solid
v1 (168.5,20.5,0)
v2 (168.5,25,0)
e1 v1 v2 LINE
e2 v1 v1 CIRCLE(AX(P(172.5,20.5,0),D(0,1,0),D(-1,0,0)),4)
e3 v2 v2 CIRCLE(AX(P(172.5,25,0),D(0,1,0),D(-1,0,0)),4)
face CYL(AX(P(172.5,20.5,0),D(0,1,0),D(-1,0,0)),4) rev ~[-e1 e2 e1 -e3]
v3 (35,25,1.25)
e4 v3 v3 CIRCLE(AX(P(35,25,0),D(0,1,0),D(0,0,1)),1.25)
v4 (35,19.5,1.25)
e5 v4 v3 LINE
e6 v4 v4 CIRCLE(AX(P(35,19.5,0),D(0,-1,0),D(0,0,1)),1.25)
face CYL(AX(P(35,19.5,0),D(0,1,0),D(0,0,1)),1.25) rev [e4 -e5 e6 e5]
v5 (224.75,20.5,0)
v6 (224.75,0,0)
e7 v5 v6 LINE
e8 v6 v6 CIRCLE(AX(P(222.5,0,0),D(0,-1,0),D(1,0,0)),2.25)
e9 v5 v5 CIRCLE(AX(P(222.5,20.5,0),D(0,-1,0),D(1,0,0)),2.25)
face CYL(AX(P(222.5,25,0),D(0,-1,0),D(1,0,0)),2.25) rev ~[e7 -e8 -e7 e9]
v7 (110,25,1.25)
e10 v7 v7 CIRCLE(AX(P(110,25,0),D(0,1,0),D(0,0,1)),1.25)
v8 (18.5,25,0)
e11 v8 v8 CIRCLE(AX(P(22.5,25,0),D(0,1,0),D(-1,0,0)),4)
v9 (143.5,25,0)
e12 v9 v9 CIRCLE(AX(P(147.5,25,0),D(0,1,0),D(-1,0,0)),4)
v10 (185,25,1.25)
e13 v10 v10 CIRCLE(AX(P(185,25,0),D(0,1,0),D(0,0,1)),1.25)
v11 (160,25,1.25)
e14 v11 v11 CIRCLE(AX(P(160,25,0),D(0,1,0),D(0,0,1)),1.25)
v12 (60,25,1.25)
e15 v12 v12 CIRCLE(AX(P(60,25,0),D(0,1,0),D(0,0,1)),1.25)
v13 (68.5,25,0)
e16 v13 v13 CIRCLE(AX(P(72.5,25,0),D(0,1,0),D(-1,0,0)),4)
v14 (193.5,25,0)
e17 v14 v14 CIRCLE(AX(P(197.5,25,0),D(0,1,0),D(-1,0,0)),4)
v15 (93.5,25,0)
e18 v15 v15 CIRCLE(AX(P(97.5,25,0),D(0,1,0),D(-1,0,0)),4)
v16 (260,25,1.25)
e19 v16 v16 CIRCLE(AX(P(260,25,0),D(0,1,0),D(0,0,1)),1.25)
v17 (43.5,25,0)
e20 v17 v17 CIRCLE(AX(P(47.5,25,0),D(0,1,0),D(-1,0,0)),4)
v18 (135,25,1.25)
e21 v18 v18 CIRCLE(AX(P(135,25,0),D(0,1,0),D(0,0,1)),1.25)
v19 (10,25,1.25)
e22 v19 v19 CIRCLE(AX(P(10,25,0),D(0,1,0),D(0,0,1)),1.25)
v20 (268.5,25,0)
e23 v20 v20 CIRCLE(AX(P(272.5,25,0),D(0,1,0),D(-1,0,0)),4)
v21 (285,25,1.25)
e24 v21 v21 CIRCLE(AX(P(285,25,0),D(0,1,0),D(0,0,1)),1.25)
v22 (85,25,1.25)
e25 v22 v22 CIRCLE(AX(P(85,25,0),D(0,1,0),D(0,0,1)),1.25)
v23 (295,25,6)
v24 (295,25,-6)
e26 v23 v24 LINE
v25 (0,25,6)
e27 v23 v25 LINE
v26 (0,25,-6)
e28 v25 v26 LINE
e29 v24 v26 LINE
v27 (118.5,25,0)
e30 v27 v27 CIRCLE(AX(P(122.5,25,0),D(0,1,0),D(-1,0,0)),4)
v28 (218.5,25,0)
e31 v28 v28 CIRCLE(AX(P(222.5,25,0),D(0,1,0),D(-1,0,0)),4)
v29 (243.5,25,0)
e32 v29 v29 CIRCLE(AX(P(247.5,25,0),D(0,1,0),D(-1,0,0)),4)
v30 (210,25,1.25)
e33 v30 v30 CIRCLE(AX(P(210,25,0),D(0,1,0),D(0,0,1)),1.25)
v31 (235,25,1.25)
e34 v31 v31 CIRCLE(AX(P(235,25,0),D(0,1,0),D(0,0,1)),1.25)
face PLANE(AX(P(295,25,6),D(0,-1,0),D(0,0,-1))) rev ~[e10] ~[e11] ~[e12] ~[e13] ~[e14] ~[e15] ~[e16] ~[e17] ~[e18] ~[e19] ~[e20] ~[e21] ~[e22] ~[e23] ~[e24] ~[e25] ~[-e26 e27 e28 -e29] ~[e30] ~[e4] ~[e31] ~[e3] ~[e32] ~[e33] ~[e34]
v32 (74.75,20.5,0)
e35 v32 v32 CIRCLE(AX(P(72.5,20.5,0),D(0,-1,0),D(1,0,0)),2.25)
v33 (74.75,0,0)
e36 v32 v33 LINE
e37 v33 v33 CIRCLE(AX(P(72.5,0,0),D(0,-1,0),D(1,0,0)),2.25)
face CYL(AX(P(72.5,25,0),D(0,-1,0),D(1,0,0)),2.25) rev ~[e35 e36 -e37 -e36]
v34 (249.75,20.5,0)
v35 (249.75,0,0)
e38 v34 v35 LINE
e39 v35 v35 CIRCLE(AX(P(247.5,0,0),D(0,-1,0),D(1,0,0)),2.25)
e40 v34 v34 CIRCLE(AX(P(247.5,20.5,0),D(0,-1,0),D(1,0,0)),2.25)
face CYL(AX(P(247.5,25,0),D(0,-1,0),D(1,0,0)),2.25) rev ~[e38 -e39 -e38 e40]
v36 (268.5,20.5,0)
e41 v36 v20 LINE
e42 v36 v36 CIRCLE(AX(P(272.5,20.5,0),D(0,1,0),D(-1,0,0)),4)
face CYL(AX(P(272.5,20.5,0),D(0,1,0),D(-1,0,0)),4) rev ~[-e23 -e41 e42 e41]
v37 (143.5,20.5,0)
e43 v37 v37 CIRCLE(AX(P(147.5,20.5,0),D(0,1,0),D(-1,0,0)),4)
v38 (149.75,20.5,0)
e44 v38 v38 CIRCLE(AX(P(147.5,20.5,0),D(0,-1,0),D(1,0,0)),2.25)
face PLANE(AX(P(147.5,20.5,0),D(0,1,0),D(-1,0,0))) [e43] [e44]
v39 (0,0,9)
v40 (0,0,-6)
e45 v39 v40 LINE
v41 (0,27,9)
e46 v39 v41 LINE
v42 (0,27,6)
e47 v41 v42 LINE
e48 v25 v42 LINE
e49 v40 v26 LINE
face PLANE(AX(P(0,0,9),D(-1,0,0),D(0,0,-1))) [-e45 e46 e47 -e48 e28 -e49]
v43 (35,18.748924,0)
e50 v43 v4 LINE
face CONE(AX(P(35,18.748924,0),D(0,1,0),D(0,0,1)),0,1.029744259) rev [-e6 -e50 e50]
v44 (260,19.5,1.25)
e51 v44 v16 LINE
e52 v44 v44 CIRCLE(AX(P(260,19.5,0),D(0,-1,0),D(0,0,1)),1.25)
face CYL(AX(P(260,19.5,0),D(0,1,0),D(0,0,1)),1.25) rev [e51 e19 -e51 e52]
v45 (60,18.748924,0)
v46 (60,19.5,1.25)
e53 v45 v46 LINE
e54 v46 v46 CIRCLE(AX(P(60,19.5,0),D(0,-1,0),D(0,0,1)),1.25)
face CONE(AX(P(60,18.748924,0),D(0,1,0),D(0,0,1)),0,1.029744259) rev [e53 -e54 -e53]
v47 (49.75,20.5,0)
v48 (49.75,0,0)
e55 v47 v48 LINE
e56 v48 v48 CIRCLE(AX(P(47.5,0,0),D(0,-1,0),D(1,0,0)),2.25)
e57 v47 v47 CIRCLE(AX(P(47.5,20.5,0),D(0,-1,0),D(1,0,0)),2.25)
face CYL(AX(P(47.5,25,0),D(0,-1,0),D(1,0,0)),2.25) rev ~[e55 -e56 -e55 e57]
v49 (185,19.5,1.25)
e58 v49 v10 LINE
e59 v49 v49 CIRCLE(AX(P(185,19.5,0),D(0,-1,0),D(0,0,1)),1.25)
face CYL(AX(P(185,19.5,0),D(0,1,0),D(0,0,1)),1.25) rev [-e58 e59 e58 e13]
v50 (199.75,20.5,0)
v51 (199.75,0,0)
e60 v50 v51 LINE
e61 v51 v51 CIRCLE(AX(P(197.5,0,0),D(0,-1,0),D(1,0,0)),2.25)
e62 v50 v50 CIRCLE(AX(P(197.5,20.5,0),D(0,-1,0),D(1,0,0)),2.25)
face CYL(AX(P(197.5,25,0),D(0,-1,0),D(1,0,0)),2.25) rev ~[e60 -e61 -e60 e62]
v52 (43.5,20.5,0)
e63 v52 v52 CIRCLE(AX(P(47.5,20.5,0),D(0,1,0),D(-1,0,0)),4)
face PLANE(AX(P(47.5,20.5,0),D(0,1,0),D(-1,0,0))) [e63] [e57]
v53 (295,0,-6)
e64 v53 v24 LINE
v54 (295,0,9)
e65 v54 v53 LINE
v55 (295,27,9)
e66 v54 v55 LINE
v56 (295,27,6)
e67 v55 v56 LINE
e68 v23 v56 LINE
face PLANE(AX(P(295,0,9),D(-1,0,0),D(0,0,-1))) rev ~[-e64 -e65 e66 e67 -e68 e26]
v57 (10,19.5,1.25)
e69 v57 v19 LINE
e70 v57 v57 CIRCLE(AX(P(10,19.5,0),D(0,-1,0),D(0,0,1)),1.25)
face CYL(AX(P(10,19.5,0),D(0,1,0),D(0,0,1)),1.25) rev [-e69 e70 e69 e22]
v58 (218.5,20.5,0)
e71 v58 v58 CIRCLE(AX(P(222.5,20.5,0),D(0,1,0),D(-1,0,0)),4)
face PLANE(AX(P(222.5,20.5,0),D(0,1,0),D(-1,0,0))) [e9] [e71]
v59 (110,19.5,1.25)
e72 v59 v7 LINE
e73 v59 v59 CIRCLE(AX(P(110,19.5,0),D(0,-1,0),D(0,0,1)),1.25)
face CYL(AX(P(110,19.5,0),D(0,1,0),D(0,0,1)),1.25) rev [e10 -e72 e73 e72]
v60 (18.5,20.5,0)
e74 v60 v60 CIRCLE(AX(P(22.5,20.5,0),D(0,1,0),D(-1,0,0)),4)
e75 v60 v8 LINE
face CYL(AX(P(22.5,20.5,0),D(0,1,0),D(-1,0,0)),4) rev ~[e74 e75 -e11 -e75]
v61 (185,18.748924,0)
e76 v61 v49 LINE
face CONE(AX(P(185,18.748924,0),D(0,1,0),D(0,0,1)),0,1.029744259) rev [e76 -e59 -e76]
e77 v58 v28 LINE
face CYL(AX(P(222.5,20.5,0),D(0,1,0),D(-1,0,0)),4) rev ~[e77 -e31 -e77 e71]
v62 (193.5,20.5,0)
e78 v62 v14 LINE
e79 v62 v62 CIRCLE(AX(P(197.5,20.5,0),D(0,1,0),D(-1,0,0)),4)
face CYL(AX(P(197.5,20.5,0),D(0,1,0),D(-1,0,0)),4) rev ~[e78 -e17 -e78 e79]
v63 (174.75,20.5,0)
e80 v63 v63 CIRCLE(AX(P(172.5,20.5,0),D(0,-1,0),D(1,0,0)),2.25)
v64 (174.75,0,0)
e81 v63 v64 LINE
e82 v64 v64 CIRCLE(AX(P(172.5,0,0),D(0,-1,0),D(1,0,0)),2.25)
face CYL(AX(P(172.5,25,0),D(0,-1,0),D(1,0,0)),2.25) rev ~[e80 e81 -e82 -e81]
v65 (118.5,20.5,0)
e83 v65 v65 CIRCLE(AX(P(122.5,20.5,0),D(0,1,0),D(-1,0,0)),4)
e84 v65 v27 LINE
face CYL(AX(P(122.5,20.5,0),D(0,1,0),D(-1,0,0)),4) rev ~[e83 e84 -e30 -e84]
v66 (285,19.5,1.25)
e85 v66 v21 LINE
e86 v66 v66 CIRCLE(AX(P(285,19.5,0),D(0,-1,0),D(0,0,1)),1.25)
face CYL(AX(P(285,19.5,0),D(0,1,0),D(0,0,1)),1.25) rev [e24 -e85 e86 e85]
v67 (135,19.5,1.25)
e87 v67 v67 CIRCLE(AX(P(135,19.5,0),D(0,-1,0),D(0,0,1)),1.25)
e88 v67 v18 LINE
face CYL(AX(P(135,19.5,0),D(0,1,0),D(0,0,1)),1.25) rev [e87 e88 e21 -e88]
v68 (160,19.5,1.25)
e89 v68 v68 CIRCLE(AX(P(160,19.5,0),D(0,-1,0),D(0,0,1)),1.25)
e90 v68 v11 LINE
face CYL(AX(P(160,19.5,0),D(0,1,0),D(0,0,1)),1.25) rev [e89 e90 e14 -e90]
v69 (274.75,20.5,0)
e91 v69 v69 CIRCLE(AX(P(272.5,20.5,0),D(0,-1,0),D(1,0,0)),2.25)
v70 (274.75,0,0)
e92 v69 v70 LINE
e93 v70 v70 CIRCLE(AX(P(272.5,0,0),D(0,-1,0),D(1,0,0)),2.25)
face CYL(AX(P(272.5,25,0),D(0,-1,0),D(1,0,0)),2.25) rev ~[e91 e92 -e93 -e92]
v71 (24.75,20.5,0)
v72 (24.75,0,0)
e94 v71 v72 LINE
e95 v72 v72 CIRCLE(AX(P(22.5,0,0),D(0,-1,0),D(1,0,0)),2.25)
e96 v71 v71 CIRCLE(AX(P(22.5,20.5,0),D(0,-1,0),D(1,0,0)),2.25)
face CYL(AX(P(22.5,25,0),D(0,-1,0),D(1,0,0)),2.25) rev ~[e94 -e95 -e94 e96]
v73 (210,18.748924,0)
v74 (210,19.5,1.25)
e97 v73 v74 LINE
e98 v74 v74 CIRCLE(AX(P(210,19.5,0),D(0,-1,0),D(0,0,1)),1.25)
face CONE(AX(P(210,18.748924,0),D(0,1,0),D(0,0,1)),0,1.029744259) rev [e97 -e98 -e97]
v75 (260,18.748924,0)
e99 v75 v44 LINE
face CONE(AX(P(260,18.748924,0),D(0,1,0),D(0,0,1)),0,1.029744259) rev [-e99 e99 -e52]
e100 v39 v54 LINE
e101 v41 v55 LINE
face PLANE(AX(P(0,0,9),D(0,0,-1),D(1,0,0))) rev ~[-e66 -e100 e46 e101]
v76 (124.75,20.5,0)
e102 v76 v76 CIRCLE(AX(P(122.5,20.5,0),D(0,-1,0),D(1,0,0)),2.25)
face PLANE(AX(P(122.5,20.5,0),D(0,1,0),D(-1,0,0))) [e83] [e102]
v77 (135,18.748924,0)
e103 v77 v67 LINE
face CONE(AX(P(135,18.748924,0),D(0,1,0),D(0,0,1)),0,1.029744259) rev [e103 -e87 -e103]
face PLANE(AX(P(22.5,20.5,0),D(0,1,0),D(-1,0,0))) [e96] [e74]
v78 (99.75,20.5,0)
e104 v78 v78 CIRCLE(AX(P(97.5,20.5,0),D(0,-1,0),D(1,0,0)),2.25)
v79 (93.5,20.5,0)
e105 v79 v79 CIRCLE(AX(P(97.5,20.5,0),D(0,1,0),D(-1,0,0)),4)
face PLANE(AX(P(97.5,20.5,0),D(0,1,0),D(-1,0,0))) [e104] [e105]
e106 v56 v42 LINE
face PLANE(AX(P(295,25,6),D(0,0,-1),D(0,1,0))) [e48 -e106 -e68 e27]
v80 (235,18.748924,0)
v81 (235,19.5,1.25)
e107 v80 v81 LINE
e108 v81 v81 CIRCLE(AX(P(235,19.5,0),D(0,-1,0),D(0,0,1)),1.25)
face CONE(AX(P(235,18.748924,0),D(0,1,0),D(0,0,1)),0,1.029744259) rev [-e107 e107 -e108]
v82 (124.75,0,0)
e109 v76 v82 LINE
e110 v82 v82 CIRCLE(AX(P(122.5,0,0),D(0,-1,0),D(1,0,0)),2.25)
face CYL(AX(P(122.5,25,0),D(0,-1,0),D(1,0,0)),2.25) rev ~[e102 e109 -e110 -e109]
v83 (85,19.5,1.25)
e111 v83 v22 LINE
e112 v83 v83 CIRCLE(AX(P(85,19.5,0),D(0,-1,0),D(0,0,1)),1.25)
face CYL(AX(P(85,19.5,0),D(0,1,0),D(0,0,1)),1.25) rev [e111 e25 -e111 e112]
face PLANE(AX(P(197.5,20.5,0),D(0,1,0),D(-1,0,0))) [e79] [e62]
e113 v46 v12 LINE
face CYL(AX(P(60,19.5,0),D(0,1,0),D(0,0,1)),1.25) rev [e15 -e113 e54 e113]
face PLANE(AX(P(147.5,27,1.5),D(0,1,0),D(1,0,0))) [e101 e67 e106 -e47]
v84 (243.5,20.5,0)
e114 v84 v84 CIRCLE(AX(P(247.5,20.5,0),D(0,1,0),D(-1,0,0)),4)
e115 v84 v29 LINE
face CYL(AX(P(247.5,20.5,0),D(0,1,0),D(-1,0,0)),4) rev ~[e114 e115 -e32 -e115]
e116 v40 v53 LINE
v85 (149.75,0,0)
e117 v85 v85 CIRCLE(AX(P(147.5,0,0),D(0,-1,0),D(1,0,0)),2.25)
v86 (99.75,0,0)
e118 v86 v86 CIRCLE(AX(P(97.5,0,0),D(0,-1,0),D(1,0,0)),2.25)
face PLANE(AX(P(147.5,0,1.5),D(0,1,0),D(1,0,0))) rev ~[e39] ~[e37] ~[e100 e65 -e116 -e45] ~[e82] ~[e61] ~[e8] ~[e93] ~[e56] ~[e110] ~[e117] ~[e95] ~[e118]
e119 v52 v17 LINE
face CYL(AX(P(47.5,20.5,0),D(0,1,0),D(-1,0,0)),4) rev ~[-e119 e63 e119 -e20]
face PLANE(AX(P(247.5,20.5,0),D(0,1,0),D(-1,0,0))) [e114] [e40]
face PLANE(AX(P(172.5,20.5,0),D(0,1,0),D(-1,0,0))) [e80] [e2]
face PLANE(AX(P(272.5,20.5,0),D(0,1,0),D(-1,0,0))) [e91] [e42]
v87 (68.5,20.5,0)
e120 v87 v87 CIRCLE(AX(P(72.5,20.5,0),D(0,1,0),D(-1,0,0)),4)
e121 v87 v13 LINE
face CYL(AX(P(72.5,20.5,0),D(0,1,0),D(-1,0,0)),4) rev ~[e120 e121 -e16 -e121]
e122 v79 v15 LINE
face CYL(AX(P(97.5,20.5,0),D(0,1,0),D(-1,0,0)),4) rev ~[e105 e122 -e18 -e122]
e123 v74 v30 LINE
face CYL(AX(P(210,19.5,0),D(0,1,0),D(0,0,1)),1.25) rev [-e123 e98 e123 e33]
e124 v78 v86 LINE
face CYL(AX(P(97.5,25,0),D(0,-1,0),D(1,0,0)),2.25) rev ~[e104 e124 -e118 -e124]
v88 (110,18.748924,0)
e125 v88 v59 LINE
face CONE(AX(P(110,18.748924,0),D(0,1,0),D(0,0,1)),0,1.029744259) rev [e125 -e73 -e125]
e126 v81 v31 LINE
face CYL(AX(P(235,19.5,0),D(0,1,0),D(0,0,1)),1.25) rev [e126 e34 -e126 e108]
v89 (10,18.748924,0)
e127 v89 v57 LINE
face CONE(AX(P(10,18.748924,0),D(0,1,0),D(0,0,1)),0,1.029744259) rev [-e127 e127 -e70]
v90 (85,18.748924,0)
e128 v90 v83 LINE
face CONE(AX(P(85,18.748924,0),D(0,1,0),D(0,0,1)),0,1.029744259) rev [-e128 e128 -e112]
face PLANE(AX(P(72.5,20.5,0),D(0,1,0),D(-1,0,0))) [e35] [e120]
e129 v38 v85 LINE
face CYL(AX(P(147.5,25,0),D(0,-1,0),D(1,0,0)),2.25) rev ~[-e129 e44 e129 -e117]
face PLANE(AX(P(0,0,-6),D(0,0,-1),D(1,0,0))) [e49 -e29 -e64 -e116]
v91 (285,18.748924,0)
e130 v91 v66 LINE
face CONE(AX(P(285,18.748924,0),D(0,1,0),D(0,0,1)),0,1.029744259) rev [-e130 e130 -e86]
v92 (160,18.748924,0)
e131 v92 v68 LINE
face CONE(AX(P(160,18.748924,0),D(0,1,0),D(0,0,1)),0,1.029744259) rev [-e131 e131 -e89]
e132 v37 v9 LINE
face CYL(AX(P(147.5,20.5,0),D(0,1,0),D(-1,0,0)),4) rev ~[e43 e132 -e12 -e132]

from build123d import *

# Parameters (mm, degrees)
SKETCH_2_W                   = 295
SKETCH_2_H                   = 15
EXTRUDE_1_DEPTH              = 27
PATTERN_LINEAR_1_COUNT       = 12
PATTERN_LINEAR_1_PITCH       = 25
CUT_EXTRUDE_1_REACH          = 298.37
SKETCH_6_W                   = 12
SKETCH_6_H                   = 2
HOLE_WIZARD_M4_1_D           = 4.5
HOLE_WIZARD_M4_1_CBORE_D     = 8
HOLE_WIZARD_M4_1_CBORE_DEPTH = 4.5
PATTERN_LINEAR_2_COUNT       = 11
PATTERN_LINEAR_2_PITCH       = 25


with BuildPart() as part:
    # 草图2 → 拉伸1 (new body)
    with BuildSketch(Plane(origin=(0, 0, 0), x_dir=(1, 0, 0), z_dir=(0, 1, 0))):
        with Locations((147.5, -1.5)):
            Rectangle(SKETCH_2_W, SKETCH_2_H)
    extrude(amount=EXTRUDE_1_DEPTH)

    # 草图4 → M3 螺纹孔1 (revolve, cut)
    with BuildSketch(Plane(origin=(10, 27, 0), x_dir=(0, 0, 1), z_dir=(1, 0, 0))):
        Polygon((0, 0), (0, 8.251075774), (1.25, 7.5), (1.25, 0), align=None)
    hole_wizard_m3_1 = revolve(axis=Axis((10, 33.35, 0), (0, -1, 0)), mode=Mode.SUBTRACT)

    # 阵列(线性)1: M3 螺纹孔1 ×12
    with Locations(*[(i * PATTERN_LINEAR_1_PITCH, 0, 0) for i in range(1, PATTERN_LINEAR_1_COUNT)]):
        add(hole_wizard_m3_1, mode=Mode.SUBTRACT)

    # 草图6 → 切除-拉伸1 (cut, up to next)
    with BuildSketch(Plane(origin=(295, 0, 0), x_dir=(0, 0, -1), z_dir=(1, 0, 0)), mode=Mode.PRIVATE) as cut_extrude_1_sk1:
        with Locations((0, 26)):
            Rectangle(SKETCH_6_W, SKETCH_6_H)
    cut_extrude_1_tool1 = extrude(cut_extrude_1_sk1.sketch, amount=-CUT_EXTRUDE_1_REACH, mode=Mode.PRIVATE) & part.part
    add(cut_extrude_1_tool1.solids().sort_by_distance((295, 26, 0))[0], mode=Mode.SUBTRACT)

    # M4 六角凹头螺钉的柱形沉头孔1 (through all)
    with Locations(Plane(origin=(0, 25, 0), x_dir=(-1, 0, 0), z_dir=(0, 1, 0))):
        with Locations((-22.5, 0)):
            hole_wizard_m4_1 = CounterBoreHole(HOLE_WIZARD_M4_1_D / 2, HOLE_WIZARD_M4_1_CBORE_D / 2, HOLE_WIZARD_M4_1_CBORE_DEPTH)

    # 阵列(线性)2: M4 六角凹头螺钉的柱形沉头孔1 ×11
    with Locations(*[(i * PATTERN_LINEAR_2_PITCH, 0, 0) for i in range(1, PATTERN_LINEAR_2_COUNT)]):
        add(hole_wizard_m4_1, mode=Mode.SUBTRACT)


solid = part.part
